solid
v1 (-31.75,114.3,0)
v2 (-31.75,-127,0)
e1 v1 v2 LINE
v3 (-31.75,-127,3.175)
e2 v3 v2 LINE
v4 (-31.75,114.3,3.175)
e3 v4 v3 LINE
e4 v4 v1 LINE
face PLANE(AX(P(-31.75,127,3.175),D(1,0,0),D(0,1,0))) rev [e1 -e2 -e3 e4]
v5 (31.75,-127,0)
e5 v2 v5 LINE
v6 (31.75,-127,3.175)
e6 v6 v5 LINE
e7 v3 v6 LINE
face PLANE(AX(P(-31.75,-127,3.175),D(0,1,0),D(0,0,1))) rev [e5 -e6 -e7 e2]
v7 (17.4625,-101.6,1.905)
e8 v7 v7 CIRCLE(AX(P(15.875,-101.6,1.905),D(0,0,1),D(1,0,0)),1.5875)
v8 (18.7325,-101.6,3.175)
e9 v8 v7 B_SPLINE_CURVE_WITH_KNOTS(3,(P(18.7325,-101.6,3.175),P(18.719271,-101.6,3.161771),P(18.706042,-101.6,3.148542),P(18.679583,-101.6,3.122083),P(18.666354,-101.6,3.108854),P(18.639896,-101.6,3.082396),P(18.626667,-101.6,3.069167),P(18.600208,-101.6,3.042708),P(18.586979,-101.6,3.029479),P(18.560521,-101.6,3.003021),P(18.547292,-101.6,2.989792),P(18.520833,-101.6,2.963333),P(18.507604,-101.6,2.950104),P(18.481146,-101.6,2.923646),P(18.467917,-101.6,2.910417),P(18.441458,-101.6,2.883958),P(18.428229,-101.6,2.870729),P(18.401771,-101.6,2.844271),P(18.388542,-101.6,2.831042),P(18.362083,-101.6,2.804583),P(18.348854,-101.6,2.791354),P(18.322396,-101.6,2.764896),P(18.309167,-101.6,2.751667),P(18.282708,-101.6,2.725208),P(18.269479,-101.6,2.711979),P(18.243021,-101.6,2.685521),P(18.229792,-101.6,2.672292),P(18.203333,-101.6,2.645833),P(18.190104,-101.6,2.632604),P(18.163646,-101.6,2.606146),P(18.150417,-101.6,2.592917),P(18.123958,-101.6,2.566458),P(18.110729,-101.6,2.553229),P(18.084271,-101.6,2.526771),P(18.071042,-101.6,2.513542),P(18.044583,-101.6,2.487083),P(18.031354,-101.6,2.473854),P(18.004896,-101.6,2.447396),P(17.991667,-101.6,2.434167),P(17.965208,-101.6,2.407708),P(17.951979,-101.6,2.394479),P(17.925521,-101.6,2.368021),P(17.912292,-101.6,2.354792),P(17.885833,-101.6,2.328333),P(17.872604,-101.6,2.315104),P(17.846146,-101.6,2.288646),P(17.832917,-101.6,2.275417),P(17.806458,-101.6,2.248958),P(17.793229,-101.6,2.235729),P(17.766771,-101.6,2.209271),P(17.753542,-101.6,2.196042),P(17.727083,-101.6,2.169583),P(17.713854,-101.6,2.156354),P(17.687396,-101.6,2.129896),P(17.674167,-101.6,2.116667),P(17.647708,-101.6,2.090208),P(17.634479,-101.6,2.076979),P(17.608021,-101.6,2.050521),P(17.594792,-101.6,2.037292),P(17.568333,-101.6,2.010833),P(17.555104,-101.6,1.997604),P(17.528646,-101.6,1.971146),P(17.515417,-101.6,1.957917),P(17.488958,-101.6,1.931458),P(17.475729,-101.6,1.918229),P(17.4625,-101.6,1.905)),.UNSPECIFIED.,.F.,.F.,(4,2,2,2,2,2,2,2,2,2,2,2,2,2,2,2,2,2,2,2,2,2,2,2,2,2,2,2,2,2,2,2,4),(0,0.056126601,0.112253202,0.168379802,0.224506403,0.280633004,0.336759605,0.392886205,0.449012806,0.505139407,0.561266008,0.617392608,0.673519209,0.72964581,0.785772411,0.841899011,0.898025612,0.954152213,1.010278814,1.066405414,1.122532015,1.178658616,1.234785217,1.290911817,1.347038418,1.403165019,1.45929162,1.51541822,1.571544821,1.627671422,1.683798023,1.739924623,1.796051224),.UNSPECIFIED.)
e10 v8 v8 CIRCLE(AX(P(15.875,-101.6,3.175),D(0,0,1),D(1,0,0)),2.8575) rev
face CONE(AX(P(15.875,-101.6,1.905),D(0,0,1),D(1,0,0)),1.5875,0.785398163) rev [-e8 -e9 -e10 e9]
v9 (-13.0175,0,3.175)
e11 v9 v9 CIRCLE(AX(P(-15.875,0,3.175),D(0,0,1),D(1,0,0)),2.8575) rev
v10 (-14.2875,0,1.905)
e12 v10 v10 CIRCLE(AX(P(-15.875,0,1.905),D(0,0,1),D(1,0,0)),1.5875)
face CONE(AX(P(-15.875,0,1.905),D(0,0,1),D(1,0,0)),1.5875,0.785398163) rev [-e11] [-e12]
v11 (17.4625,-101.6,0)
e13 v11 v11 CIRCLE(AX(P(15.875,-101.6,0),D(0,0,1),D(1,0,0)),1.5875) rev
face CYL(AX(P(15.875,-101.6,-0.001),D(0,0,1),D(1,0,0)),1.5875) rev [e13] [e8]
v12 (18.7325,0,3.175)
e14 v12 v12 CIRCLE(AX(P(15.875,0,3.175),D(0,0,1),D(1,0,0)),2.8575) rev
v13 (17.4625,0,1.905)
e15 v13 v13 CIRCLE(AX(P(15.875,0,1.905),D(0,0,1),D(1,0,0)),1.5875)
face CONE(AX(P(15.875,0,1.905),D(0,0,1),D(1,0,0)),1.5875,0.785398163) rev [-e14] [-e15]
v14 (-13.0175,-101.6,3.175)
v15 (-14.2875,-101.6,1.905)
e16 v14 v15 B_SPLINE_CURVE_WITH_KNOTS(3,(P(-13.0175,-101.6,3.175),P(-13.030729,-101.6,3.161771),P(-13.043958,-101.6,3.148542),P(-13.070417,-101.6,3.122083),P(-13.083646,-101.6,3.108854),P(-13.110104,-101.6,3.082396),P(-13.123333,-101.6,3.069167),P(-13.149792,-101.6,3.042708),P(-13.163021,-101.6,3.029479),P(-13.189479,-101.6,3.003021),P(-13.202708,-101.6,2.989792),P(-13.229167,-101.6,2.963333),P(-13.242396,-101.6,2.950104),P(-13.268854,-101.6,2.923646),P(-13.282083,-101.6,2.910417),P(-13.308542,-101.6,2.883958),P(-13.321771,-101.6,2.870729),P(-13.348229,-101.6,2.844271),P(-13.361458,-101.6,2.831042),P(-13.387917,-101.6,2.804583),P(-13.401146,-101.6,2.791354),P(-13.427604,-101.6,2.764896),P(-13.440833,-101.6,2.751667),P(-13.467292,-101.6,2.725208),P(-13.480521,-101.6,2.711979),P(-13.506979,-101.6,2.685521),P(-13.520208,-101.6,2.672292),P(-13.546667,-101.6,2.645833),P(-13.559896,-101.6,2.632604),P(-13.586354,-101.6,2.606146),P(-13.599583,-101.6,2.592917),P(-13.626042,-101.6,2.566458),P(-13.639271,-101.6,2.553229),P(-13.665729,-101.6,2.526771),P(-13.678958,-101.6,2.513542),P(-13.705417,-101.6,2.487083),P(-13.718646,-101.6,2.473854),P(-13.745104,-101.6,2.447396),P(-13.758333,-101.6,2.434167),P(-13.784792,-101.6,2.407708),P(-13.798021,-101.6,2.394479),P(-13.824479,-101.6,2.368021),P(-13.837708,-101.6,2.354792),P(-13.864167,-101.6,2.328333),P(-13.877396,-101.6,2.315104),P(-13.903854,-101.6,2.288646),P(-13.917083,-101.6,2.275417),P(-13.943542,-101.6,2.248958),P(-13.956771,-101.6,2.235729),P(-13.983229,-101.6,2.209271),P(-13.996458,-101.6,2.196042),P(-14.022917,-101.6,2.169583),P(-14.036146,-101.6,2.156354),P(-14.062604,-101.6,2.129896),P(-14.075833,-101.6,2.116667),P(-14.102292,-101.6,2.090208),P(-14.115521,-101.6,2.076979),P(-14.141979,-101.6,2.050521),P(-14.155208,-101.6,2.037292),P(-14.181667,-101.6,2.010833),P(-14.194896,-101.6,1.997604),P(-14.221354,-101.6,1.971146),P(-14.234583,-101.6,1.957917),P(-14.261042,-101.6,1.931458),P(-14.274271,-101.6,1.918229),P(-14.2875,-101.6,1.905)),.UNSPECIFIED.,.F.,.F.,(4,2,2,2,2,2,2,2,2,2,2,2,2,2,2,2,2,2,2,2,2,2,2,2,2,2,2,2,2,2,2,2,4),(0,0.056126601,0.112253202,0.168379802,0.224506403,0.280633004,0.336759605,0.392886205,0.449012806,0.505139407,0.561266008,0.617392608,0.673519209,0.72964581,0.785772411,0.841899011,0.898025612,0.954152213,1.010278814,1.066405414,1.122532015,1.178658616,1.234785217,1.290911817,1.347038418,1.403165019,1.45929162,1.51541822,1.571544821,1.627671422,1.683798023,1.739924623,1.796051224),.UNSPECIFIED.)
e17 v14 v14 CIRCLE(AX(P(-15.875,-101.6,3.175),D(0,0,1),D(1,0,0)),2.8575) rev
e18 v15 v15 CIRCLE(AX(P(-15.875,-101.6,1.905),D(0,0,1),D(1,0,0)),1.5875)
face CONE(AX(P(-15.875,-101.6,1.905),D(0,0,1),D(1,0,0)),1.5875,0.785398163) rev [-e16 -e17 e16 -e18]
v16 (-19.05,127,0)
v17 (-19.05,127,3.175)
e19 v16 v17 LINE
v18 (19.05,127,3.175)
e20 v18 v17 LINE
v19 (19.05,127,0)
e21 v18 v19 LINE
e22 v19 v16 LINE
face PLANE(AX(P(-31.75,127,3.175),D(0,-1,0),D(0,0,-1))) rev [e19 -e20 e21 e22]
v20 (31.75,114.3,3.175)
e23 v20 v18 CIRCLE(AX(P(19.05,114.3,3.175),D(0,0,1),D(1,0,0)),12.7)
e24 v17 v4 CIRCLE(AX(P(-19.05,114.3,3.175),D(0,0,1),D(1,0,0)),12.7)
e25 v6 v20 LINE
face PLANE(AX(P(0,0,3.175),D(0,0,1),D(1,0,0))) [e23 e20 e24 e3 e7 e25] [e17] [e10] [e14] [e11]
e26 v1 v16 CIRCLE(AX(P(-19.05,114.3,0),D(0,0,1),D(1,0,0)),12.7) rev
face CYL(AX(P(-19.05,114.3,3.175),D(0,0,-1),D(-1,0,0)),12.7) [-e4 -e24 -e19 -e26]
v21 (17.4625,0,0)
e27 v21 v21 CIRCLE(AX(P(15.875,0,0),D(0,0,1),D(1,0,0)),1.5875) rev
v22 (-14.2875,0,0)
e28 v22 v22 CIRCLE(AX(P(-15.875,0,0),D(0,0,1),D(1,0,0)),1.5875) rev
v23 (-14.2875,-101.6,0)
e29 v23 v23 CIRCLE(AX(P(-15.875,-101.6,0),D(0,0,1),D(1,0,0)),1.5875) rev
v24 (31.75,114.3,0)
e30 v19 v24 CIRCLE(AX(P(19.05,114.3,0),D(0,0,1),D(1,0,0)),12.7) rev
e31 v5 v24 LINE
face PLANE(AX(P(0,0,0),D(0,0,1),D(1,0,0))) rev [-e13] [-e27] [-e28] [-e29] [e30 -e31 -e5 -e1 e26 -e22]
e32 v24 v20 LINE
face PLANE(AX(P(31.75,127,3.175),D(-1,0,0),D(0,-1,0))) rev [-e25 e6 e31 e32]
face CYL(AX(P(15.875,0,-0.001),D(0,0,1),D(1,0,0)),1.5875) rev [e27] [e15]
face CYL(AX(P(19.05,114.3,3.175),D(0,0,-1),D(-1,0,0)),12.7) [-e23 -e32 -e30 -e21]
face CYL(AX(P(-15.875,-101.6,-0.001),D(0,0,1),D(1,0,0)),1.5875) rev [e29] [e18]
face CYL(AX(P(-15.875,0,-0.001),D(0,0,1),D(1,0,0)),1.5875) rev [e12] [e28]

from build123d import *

# Parameters (mm, degrees)
SKETCH1_W           = 63.5
SKETCH1_H           = 254
BOSS_EXTRUDE1_DEPTH = 3.175
CUT_EXTRUDE1_REACH  = 132.947
SKETCH2_R           = 1.5875
CHAMFER1_SIZE       = 1.27
FILLET1_R           = 12.7


with BuildPart() as part:
    # Sketch1 → Boss-Extrude1 (new body)
    with BuildSketch(Plane.XY):
        Rectangle(SKETCH1_W, SKETCH1_H)
    extrude(amount=BOSS_EXTRUDE1_DEPTH)

    # Sketch2 → Cut-Extrude1 (cut, up to next)
    with BuildSketch(Plane.XY.offset(3.175), mode=Mode.PRIVATE) as cut_extrude1_sk1:
        with Locations((15.875, -101.6)):
            Circle(SKETCH2_R)
    cut_extrude1_tool1 = extrude(cut_extrude1_sk1.sketch, amount=-CUT_EXTRUDE1_REACH, mode=Mode.PRIVATE) & part.part
    # Sketch2 → Cut-Extrude1 (cut, up to next)
    with BuildSketch(Plane.XY.offset(3.175), mode=Mode.PRIVATE) as cut_extrude1_sk2:
        with Locations((-15.875, -101.6)):
            Circle(SKETCH2_R)
    cut_extrude1_tool2 = extrude(cut_extrude1_sk2.sketch, amount=-CUT_EXTRUDE1_REACH, mode=Mode.PRIVATE) & part.part
    # Sketch2 → Cut-Extrude1 (cut, up to next)
    with BuildSketch(Plane.XY.offset(3.175), mode=Mode.PRIVATE) as cut_extrude1_sk3:
        with Locations((15.875, 0)):
            Circle(SKETCH2_R)
    cut_extrude1_tool3 = extrude(cut_extrude1_sk3.sketch, amount=-CUT_EXTRUDE1_REACH, mode=Mode.PRIVATE) & part.part
    # Sketch2 → Cut-Extrude1 (cut, up to next)
    with BuildSketch(Plane.XY.offset(3.175), mode=Mode.PRIVATE) as cut_extrude1_sk4:
        with Locations((-15.875, 0)):
            Circle(SKETCH2_R)
    cut_extrude1_tool4 = extrude(cut_extrude1_sk4.sketch, amount=-CUT_EXTRUDE1_REACH, mode=Mode.PRIVATE) & part.part
    add(cut_extrude1_tool1.solids().sort_by_distance((15.875, -101.6, 3.175))[0], mode=Mode.SUBTRACT)
    add(cut_extrude1_tool2.solids().sort_by_distance((-15.875, -101.6, 3.175))[0], mode=Mode.SUBTRACT)
    add(cut_extrude1_tool3.solids().sort_by_distance((15.875, 0, 3.175))[0], mode=Mode.SUBTRACT)
    add(cut_extrude1_tool4.solids().sort_by_distance((-15.875, 0, 3.175))[0], mode=Mode.SUBTRACT)

    # Chamfer1
    chamfer1_edges = [part.edges().sort_by_distance(p)[0] for p in [
        (14.2875, -101.6, 3.175),
        (-17.4625, -101.6, 3.175),
        (14.2875, 0, 3.175),
        (-17.4625, 0, 3.175),
    ]]
    chamfer(chamfer1_edges, length=CHAMFER1_SIZE)

    # Fillet1
    fillet1_edges = [part.edges().sort_by_distance(p)[0] for p in [
        (-31.75, 127, 1.5875),
        (31.75, 127, 1.5875),
    ]]
    fillet(fillet1_edges, radius=FILLET1_R)


solid = part.part
